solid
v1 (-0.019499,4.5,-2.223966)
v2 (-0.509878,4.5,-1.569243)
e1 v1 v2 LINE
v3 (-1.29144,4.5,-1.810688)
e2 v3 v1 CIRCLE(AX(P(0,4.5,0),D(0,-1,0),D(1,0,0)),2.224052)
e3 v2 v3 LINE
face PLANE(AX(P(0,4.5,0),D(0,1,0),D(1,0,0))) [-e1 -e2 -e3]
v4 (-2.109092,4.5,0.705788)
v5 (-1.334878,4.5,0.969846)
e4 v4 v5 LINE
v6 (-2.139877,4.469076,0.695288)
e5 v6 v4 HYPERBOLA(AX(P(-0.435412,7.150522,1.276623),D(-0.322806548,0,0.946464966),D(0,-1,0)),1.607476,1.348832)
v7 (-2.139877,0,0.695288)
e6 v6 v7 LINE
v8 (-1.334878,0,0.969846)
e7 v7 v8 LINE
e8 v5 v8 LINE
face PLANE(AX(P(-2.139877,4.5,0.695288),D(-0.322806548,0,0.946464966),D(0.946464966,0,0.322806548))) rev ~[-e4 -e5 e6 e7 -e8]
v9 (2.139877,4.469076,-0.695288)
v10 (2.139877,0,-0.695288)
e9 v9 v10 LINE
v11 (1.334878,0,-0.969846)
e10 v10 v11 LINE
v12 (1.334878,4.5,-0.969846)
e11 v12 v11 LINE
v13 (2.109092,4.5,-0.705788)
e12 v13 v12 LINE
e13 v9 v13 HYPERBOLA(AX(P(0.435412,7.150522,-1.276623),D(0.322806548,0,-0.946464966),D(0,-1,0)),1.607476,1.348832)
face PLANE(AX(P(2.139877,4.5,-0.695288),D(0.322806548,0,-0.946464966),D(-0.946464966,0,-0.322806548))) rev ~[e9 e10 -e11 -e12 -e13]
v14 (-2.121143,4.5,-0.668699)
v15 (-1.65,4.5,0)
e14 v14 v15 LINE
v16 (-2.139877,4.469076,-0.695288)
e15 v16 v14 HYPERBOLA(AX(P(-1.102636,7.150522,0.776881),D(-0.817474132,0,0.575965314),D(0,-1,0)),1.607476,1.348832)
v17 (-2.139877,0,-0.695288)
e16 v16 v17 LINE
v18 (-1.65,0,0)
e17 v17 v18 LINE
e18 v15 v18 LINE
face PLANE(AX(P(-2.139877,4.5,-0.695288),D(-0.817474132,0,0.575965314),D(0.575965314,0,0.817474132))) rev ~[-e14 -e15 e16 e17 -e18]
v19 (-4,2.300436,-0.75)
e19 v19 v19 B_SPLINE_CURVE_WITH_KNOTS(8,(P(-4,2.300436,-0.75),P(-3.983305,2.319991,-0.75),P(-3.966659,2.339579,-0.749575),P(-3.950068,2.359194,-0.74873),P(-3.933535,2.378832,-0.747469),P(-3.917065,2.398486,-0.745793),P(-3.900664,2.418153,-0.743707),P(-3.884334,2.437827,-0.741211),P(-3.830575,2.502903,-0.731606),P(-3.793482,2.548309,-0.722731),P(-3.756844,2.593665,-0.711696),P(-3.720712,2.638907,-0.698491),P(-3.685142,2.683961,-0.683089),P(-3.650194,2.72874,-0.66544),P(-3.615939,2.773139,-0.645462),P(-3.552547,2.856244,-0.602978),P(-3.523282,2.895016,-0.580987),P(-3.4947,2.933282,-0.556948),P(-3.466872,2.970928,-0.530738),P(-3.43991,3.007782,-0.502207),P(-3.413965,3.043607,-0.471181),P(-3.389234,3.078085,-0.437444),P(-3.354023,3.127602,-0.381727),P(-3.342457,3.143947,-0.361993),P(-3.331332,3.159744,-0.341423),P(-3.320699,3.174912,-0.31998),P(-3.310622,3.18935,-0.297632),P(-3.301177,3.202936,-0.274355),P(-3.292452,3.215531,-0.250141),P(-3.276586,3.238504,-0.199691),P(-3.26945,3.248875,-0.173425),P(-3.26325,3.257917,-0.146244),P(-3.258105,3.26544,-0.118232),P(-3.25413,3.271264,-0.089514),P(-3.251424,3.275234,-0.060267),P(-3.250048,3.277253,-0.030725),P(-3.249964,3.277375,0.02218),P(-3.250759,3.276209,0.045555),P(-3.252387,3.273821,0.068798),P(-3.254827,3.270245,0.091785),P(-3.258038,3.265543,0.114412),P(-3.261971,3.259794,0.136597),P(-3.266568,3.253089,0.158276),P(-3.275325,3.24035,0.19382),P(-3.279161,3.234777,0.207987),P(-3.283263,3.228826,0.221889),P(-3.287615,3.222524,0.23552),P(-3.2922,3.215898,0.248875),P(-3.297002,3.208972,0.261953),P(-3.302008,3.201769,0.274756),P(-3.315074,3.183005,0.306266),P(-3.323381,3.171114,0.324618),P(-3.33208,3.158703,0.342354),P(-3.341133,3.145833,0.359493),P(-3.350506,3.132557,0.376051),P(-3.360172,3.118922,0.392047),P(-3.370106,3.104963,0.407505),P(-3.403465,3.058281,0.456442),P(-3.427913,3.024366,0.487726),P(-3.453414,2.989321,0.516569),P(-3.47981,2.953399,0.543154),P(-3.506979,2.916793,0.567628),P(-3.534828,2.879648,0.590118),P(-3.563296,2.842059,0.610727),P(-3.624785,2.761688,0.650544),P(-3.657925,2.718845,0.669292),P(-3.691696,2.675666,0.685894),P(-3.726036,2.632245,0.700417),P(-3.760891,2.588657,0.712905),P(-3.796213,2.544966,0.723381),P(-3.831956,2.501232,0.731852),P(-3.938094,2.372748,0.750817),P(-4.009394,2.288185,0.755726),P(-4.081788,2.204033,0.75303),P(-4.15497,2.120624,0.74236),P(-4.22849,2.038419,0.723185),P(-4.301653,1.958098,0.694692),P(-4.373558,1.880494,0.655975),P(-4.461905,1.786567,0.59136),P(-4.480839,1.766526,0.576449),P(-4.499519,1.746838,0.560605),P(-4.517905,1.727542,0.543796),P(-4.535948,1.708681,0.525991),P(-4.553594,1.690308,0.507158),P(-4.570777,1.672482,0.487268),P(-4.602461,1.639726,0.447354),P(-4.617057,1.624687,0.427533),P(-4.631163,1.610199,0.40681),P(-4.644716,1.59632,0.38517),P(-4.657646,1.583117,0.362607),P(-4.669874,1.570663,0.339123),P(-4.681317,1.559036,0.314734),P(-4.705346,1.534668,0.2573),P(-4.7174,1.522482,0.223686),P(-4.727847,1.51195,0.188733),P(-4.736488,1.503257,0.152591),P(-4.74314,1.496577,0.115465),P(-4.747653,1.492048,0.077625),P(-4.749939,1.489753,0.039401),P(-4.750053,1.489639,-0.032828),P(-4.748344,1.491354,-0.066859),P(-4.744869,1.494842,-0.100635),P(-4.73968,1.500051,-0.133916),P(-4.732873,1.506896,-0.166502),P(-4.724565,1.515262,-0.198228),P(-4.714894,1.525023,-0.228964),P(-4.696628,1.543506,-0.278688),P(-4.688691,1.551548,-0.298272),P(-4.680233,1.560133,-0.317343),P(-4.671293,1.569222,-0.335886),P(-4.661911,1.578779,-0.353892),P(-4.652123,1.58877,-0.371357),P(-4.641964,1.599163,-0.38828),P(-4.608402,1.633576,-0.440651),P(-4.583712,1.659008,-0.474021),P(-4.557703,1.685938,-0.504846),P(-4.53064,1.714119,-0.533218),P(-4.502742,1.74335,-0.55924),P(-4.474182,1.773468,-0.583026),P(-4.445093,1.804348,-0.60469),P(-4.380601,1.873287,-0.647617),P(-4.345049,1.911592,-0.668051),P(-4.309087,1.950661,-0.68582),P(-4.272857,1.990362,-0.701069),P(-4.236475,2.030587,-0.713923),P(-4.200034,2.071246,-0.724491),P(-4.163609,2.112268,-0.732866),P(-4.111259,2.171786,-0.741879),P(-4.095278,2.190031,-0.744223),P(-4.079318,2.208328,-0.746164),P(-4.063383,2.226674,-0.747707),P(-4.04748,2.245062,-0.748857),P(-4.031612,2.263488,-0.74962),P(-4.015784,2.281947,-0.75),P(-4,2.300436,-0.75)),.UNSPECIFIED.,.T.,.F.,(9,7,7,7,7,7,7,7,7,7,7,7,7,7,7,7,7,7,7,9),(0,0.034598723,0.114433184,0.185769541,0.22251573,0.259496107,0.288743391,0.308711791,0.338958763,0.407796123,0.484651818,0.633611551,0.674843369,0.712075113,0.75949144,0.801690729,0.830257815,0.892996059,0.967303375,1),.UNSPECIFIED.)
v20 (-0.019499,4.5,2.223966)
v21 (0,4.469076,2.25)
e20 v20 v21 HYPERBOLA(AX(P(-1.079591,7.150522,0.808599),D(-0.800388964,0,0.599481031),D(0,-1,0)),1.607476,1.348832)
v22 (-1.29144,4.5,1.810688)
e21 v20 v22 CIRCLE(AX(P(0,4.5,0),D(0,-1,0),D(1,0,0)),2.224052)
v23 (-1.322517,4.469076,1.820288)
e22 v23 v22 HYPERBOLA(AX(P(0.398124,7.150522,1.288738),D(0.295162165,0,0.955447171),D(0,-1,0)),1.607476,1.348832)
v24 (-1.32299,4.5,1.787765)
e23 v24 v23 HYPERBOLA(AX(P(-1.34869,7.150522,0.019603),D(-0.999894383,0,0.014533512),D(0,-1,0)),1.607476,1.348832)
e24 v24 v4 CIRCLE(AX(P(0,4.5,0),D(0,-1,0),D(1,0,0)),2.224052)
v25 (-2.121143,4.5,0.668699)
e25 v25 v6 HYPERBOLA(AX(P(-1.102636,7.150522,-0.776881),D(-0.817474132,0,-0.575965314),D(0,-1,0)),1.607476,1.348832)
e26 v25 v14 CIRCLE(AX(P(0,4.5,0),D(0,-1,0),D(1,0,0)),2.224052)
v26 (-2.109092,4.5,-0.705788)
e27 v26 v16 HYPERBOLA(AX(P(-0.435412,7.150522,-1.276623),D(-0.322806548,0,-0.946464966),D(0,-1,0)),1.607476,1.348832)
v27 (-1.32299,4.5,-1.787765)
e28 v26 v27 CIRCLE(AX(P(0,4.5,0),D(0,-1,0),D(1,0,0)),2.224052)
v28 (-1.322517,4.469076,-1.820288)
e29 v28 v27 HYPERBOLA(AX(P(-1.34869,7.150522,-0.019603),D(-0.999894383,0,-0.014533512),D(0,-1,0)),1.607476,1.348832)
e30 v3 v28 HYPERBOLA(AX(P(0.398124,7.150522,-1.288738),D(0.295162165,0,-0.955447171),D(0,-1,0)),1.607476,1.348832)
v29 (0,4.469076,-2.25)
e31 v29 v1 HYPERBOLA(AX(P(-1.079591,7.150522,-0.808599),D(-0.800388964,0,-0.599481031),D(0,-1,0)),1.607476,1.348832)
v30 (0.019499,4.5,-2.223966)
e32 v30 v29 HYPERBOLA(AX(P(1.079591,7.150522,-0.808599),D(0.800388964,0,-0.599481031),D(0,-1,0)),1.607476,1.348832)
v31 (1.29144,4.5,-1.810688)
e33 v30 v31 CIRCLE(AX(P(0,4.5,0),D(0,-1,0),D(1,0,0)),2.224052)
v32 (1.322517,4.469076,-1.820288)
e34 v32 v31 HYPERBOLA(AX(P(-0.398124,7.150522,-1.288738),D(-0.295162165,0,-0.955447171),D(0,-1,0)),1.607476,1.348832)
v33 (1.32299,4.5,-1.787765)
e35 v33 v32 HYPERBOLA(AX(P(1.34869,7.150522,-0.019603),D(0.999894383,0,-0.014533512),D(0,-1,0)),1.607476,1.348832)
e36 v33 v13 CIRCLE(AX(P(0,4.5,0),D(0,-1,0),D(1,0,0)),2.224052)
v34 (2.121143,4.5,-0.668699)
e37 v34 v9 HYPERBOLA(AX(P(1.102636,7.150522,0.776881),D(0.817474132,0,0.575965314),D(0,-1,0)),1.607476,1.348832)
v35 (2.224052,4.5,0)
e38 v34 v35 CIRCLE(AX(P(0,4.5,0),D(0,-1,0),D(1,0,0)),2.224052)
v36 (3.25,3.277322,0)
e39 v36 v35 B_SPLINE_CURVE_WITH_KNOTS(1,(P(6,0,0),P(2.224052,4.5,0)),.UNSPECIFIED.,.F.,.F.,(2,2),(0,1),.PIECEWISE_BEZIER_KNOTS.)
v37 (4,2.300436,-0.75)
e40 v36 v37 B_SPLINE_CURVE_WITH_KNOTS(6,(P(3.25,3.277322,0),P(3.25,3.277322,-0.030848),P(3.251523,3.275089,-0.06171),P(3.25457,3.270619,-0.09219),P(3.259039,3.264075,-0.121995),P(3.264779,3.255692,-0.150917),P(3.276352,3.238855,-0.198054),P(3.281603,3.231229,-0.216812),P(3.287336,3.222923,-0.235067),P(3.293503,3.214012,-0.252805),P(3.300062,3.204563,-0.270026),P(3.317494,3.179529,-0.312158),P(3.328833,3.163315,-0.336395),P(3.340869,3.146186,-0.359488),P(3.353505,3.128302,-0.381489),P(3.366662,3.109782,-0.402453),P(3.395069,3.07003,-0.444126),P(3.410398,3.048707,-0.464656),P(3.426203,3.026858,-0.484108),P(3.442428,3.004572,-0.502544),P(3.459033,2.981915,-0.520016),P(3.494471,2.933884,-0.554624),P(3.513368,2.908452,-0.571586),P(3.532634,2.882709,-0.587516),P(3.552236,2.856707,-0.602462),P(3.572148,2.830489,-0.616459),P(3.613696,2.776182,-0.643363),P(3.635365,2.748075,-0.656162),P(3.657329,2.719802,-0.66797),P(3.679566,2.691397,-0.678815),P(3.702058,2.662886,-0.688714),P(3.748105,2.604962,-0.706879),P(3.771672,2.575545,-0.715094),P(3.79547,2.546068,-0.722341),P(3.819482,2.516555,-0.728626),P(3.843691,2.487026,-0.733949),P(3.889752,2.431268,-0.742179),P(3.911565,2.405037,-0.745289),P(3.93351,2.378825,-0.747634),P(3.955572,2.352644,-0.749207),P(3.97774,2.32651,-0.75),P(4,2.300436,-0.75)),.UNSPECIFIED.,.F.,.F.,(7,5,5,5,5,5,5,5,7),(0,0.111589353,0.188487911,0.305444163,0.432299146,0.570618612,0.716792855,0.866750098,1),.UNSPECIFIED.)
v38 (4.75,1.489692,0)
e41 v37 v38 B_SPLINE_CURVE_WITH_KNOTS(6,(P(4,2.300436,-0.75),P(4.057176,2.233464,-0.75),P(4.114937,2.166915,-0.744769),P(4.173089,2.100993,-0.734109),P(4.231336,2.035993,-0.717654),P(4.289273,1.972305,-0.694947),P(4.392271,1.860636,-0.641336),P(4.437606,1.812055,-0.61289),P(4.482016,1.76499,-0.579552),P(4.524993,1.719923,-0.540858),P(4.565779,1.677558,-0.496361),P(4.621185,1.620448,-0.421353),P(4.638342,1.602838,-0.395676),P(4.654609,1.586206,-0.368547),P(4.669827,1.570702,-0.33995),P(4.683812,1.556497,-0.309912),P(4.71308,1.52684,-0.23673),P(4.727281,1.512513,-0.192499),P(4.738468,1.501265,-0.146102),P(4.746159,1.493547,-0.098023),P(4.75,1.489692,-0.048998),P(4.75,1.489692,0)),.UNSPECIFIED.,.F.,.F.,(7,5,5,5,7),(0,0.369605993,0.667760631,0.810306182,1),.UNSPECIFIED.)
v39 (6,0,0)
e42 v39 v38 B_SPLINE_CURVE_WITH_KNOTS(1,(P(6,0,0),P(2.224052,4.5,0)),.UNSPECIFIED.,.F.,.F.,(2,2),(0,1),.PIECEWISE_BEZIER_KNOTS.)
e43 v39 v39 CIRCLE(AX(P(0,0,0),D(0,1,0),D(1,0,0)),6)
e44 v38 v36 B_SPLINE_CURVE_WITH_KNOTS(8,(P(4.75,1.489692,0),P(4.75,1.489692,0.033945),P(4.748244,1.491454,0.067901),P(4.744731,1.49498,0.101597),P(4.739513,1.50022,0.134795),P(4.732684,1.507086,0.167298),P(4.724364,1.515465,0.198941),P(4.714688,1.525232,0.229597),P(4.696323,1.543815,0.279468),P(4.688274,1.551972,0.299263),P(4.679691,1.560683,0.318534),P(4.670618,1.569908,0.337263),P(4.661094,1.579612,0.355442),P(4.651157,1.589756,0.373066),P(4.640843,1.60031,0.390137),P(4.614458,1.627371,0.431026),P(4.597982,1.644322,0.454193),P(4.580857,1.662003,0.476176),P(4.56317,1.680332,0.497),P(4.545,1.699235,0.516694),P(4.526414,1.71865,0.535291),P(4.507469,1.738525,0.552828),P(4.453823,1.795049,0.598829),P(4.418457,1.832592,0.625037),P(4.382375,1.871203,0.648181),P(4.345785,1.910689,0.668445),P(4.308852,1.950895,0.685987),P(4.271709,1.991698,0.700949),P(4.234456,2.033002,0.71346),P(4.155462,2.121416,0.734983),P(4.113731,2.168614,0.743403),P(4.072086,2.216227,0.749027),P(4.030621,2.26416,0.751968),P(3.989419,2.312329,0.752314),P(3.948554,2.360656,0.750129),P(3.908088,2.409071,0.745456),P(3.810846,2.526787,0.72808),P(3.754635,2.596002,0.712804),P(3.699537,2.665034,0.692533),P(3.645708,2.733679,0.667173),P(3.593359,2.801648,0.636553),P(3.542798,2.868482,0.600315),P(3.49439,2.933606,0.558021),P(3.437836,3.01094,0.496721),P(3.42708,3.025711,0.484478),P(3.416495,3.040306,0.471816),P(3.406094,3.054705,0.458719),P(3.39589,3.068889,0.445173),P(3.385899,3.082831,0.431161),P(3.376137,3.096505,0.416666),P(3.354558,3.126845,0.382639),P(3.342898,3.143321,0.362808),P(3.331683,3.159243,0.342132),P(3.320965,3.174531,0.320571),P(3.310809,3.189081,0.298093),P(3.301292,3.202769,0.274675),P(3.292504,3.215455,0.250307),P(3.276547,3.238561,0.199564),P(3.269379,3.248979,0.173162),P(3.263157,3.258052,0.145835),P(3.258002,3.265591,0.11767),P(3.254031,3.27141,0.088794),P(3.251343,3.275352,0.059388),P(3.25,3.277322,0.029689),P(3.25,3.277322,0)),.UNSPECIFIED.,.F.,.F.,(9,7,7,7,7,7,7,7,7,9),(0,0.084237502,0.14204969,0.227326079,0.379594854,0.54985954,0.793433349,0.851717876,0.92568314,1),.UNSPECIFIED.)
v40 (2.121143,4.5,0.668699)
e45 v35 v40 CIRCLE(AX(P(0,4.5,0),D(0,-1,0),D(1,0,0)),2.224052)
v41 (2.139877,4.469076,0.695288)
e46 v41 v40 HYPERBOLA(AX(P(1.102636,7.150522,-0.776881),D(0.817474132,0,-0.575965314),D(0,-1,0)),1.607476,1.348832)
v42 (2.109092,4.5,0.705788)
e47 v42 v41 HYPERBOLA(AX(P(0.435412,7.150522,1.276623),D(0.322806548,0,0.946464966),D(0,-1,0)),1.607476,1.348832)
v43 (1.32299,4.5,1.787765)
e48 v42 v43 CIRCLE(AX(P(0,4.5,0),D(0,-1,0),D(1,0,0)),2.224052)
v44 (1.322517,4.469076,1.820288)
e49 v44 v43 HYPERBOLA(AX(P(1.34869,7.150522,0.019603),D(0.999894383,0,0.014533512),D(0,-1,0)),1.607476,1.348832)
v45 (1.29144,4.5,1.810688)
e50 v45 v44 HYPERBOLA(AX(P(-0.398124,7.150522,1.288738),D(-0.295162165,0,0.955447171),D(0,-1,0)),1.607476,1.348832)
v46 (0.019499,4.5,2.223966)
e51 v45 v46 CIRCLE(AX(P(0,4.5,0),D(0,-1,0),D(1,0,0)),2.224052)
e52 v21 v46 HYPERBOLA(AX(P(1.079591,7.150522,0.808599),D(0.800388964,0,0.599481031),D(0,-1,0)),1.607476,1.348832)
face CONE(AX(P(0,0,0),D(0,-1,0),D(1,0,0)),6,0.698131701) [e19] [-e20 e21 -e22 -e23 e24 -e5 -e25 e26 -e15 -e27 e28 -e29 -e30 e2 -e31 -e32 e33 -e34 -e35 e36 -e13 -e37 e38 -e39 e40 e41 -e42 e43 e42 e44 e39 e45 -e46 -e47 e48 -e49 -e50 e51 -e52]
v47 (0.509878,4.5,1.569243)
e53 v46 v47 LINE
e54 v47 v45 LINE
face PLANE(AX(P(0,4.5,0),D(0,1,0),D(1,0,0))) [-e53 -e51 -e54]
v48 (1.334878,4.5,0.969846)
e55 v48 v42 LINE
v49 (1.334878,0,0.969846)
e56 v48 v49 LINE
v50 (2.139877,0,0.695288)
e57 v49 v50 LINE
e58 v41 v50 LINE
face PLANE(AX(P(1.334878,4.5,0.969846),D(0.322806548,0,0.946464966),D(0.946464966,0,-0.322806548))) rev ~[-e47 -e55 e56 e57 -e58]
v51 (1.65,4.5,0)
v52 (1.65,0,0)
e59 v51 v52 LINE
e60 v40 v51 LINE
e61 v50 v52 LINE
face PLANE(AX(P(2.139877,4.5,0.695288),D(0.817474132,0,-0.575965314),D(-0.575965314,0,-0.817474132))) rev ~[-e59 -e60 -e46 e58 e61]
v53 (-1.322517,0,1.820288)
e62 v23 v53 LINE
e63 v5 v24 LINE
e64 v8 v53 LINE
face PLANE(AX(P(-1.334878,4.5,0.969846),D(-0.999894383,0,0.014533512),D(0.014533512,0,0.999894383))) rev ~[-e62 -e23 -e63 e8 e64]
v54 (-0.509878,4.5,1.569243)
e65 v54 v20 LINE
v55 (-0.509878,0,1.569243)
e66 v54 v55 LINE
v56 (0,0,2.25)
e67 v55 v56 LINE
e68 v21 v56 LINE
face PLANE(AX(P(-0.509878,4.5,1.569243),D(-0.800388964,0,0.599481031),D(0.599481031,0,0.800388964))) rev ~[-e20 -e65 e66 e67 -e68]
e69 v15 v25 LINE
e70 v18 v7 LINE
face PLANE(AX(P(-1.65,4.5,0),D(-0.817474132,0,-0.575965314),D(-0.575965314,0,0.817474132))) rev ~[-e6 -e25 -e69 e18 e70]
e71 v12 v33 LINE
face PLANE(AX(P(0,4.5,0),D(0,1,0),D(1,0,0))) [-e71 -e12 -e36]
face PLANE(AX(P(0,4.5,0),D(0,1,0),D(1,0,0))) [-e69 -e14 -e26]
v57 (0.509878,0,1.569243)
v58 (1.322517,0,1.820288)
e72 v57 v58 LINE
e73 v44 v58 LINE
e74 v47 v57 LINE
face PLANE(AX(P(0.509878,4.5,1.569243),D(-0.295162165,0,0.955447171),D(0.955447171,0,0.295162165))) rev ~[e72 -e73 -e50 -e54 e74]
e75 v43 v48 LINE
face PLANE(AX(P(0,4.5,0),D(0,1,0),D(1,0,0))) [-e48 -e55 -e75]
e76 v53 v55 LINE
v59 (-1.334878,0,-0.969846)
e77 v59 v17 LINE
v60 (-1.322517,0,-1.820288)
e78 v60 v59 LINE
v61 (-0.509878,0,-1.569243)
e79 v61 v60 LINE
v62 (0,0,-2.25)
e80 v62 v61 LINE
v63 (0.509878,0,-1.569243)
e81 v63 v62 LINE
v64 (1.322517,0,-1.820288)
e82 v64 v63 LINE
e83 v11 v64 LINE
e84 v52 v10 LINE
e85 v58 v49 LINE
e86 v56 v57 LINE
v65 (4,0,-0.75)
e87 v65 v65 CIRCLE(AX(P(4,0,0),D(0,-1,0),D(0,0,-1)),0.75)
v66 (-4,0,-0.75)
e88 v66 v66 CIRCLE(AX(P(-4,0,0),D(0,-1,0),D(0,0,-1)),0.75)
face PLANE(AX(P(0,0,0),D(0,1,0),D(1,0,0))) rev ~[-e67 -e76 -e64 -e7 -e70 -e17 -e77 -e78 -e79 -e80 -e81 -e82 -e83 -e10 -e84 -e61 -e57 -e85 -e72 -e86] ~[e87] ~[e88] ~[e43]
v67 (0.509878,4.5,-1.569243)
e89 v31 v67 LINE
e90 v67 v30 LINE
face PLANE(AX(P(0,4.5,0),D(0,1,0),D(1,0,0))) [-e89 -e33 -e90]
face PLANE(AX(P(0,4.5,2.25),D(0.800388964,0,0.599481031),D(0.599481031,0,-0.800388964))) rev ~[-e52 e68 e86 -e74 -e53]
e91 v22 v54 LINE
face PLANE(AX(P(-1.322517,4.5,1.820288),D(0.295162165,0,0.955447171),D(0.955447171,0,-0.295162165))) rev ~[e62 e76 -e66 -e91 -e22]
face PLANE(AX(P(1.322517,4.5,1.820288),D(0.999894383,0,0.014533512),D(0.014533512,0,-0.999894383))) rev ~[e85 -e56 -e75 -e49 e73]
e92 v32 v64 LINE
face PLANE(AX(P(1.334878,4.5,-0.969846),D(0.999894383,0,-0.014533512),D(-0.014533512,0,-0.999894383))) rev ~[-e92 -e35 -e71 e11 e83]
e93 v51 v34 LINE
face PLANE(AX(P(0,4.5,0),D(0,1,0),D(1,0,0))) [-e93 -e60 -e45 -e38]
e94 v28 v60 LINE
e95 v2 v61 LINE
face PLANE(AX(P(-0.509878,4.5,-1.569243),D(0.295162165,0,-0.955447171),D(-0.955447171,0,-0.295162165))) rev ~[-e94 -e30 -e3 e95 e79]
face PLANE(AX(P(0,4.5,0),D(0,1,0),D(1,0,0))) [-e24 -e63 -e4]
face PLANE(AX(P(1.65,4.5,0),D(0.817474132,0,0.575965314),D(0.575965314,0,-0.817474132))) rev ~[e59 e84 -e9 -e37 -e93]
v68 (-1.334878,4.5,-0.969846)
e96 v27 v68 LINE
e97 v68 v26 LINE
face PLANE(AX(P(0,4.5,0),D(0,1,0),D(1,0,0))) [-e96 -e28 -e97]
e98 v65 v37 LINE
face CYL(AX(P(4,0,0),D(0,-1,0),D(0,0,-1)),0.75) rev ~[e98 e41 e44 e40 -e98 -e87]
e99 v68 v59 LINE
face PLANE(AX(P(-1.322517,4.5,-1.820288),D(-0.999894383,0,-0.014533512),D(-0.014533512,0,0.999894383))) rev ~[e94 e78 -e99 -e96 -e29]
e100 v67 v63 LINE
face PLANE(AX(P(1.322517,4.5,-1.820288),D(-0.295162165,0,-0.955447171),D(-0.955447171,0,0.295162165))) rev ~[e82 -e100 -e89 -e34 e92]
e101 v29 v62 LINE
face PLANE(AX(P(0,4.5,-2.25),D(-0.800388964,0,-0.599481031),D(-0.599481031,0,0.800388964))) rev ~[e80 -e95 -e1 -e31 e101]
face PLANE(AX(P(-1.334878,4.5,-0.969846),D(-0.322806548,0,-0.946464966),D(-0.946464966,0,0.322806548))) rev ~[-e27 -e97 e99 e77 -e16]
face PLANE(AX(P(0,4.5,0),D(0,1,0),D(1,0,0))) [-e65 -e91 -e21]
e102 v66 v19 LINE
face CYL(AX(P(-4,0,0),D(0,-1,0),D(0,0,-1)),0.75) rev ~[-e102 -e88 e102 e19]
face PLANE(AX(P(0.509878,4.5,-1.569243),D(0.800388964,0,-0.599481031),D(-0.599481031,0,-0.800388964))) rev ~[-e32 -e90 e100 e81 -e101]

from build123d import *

# Parameters (mm, degrees)
SKETCH1_R           = 6
BOSS_EXTRUDE1_DEPTH = 4.5
BOSS_EXTRUDE1_TAPER = 40
CUT_EXTRUDE1_DEPTH  = 5
SKETCH5_R           = 0.75
CUT_EXTRUDE2_DEPTH  = 5


with BuildPart() as part:
    # Sketch1 → Boss-Extrude1 (new body)
    with BuildSketch(Plane(origin=(0, 0, 0), x_dir=(1, 0, 0), z_dir=(0, 1, 0))):
        Circle(SKETCH1_R)
    extrude(amount=BOSS_EXTRUDE1_DEPTH, taper=BOSS_EXTRUDE1_TAPER)

    # Sketch3 → Cut-Extrude1 (cut)
    with BuildSketch(Plane(origin=(0, 4.5, 0), x_dir=(1, 0, 0), z_dir=(0, 1, 0))):
        Polygon((0, 2.25), (-0.509878041, 1.569243252), (-1.322516818, 1.820288237), (-1.334878041, 0.969845666), (-2.139877162, 0.695288237), (-1.65, 0), (-2.139877162, -0.695288237), (-1.334878041, -0.969845666), (-1.322516818, -1.820288237), (-0.509878041, -1.569243252), (0, -2.25), (0.509878041, -1.569243252), (1.322516818, -1.820288237), (1.334878041, -0.969845666), (2.139877162, -0.695288237), (1.65, 0), (2.139877162, 0.695288237), (1.334878041, 0.969845666), (1.322516818, 1.820288237), (0.509878041, 1.569243252), align=None)
    extrude(amount=-CUT_EXTRUDE1_DEPTH, mode=Mode.SUBTRACT)

    # Sketch5 → Cut-Extrude2 (cut)
    with BuildSketch(Plane.XZ):
        with Locations(Location((4, 0, 0), (0, 0, 270))):
            Circle(SKETCH5_R)
        with Locations(Location((-4, 0, 0), (0, 0, 270))):
            Circle(SKETCH5_R)
    extrude(amount=-CUT_EXTRUDE2_DEPTH, mode=Mode.SUBTRACT)


solid = part.part
